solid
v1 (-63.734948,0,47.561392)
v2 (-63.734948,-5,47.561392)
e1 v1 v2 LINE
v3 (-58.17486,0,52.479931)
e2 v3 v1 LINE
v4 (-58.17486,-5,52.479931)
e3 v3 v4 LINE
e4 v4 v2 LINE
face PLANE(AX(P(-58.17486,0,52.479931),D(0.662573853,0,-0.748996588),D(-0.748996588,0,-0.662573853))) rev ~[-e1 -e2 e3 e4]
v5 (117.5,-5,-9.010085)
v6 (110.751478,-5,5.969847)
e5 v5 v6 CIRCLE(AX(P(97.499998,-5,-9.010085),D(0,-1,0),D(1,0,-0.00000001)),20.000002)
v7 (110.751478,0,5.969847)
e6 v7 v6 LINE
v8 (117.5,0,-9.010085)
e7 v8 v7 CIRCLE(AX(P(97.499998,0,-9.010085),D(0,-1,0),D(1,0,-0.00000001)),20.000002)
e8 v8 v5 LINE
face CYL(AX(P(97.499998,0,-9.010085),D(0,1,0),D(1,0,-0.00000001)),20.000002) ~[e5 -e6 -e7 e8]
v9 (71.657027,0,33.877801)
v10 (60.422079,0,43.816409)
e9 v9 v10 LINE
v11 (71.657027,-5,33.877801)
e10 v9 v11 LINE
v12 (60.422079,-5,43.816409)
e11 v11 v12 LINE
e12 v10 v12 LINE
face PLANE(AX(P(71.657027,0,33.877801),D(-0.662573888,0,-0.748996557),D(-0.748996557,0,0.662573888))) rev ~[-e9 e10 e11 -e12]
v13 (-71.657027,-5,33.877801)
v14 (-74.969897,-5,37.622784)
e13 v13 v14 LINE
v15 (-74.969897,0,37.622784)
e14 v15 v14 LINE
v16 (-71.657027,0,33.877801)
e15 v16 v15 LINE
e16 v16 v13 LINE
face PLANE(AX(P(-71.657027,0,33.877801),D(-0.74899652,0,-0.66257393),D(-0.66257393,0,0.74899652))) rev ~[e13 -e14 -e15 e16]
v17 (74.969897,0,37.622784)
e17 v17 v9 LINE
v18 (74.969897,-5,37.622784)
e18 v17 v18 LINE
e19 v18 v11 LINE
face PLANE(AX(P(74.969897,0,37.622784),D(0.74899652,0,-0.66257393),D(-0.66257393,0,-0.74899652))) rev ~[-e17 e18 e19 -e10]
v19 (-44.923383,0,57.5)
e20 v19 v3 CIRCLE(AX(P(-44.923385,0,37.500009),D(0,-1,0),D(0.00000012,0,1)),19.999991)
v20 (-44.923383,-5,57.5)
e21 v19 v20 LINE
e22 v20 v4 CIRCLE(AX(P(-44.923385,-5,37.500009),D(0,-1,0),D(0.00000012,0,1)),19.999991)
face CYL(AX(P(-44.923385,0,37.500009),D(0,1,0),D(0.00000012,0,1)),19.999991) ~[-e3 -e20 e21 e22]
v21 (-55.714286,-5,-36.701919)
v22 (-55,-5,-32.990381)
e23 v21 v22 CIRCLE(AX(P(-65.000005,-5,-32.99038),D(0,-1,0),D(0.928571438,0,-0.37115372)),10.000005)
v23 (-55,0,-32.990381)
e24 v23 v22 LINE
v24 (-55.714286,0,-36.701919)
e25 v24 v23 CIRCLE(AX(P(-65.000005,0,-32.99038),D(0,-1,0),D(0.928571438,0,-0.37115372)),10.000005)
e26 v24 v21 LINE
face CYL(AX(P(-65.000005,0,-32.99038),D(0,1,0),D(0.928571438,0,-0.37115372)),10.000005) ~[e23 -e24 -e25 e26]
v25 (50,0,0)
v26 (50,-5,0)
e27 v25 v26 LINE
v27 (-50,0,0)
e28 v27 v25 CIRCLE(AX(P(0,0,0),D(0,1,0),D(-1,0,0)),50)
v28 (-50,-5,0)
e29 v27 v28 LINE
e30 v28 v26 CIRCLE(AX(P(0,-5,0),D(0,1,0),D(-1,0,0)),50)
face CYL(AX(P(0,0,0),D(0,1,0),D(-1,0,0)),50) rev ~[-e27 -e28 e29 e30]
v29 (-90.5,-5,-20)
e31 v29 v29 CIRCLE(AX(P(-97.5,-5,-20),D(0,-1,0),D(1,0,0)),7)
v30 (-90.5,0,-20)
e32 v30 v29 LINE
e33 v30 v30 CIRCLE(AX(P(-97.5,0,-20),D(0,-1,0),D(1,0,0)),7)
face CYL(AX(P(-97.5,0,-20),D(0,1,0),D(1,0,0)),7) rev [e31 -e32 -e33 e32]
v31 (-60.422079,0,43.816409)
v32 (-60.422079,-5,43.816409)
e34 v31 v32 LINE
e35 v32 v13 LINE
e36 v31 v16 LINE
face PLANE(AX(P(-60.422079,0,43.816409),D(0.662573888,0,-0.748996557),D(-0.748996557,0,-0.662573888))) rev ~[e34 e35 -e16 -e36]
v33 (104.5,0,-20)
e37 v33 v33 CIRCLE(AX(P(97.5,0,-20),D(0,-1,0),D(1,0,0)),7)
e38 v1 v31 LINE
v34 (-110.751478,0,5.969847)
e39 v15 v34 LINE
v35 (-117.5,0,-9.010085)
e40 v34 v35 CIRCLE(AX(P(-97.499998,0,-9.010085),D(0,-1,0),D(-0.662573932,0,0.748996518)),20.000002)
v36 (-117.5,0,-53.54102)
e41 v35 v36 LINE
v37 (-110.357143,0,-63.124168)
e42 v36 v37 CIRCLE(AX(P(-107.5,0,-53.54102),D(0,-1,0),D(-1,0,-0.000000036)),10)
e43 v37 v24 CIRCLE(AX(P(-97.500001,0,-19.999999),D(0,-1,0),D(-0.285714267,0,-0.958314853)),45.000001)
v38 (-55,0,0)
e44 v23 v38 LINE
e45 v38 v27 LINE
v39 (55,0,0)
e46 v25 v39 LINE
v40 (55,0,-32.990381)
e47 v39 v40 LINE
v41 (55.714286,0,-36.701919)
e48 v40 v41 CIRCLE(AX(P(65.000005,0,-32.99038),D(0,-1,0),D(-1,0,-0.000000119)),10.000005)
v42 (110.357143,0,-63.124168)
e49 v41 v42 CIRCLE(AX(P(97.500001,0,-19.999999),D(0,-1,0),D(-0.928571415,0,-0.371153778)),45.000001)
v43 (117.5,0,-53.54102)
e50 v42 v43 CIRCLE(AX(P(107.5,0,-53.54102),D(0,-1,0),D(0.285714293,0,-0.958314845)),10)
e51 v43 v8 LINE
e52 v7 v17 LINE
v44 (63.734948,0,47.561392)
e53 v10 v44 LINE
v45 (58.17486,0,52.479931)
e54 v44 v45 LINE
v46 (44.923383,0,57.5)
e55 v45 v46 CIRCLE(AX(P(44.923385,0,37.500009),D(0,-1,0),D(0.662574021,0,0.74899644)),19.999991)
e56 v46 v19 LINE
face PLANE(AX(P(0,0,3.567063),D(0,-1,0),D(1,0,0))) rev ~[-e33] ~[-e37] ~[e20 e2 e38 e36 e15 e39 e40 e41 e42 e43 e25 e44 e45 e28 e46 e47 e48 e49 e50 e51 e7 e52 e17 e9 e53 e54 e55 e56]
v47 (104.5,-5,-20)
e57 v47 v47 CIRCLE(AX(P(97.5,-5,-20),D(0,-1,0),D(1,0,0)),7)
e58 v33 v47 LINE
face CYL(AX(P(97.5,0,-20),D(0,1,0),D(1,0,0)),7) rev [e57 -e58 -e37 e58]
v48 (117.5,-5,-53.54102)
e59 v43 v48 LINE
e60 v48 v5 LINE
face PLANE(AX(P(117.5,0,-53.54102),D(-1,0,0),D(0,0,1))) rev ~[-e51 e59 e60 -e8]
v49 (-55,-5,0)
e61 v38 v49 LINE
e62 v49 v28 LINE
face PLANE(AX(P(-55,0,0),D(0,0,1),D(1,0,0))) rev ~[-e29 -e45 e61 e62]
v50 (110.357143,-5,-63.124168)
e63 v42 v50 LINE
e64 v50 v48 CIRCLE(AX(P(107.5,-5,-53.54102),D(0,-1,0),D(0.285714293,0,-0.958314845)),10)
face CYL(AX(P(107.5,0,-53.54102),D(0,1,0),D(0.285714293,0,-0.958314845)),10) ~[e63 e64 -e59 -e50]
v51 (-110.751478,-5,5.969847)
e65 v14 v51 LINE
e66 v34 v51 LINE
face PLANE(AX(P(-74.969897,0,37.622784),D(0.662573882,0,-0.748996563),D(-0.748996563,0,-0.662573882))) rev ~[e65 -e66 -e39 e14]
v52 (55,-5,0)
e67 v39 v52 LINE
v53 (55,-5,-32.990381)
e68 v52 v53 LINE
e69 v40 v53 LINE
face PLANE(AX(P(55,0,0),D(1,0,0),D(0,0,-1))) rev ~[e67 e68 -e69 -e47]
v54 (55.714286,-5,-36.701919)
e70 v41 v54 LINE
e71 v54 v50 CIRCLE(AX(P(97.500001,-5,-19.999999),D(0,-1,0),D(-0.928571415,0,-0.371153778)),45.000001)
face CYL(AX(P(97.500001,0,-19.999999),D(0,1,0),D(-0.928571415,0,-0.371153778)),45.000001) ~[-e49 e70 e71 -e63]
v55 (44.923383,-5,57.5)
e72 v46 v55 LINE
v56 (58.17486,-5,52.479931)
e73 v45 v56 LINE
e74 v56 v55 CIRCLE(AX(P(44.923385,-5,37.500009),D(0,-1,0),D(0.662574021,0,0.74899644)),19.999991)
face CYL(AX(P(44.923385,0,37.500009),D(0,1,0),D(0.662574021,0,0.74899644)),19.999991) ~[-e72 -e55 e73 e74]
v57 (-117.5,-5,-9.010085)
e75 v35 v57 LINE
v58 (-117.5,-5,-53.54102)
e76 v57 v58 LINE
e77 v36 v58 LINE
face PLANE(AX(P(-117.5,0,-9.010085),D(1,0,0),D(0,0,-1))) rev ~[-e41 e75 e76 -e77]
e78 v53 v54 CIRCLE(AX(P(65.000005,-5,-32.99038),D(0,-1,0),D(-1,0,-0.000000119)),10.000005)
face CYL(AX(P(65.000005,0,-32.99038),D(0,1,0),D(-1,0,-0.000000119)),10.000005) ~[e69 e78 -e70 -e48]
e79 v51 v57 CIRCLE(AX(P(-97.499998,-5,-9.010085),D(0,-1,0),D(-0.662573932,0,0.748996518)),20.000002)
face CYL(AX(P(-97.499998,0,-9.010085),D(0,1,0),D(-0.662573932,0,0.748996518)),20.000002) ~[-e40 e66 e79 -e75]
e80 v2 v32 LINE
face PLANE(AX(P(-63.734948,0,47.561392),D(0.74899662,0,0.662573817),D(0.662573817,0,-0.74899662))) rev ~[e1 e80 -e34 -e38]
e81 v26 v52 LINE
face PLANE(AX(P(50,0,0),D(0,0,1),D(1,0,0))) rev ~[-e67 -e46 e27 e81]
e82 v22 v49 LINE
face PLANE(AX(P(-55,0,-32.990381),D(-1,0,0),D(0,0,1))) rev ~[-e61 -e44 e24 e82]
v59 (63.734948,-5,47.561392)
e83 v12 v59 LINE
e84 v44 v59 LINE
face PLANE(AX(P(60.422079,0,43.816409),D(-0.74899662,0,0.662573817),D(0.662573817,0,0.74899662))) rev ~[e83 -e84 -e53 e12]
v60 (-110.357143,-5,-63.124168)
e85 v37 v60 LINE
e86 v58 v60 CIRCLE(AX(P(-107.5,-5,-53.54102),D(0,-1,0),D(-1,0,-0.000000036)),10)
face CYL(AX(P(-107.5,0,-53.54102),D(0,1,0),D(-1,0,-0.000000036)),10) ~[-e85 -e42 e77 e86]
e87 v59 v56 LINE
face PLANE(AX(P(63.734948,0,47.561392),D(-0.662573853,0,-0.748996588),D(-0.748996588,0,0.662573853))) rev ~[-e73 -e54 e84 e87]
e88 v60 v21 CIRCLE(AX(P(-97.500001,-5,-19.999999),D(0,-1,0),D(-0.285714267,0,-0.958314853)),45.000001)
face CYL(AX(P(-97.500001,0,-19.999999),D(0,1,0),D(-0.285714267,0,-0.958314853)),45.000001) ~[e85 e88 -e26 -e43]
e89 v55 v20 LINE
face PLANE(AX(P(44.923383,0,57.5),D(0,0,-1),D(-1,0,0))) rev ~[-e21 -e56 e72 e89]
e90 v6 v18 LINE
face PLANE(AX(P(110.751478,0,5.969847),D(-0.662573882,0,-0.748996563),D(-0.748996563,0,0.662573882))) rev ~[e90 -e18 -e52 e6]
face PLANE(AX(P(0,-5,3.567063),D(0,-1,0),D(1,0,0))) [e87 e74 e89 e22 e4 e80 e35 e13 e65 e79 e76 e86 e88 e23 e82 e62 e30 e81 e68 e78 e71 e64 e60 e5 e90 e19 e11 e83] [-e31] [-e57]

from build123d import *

# Parameters (mm, degrees)
F0_R     = 7
F1_DEPTH = 5


with BuildPart() as f1:
    # F0 (on Front) → F1 (new body)
    with BuildSketch(Plane.XZ):
        with BuildLine():
            ThreePointArc((-50, 0), (0, 50), (50, 0))
            Line((50, 0), (55, 0))
            Line((55, 0), (55, -32.990381))
            ThreePointArc((55, -32.990381), (55.180195, -34.880203), (55.714286, -36.701919))
            ThreePointArc((55.714286, -36.701919), (77.910478, -60.512351), (110.357143, -63.124168))
            ThreePointArc((110.357143, -63.124168), (115.517837, -59.517163), (117.5, -53.54102))
            Line((117.5, -53.54102), (117.5, -9.010085))
            ThreePointArc((117.5, -9.010085), (115.734988, -0.795146), (110.751478, 5.969847))
            Line((110.751478, 5.969847), (74.969897, 37.622784))
            Line((74.969897, 37.622784), (71.657027, 33.877801))
            Line((71.657027, 33.877801), (60.422079, 43.816409))
            Line((60.422079, 43.816409), (63.734948, 47.561392))
            Line((63.734948, 47.561392), (58.17486, 52.479931))
            ThreePointArc((58.17486, 52.479931), (52.008627, 56.202923), (44.923383, 57.5))
            Line((44.923383, 57.5), (42.5, 57.5))
            Line((42.5, 57.5), (-42.5, 57.5))
            Line((-42.5, 57.5), (-44.923383, 57.5))
            ThreePointArc((-44.923383, 57.5), (-52.008627, 56.202923), (-58.17486, 52.479931))
            Line((-58.17486, 52.479931), (-63.734948, 47.561392))
            Line((-63.734948, 47.561392), (-60.422079, 43.816409))
            Line((-60.422079, 43.816409), (-71.657027, 33.877801))
            Line((-71.657027, 33.877801), (-74.969897, 37.622784))
            Line((-74.969897, 37.622784), (-110.751478, 5.969847))
            ThreePointArc((-110.751478, 5.969847), (-115.734988, -0.795146), (-117.5, -9.010085))
            Line((-117.5, -9.010085), (-117.5, -53.54102))
            ThreePointArc((-117.5, -53.54102), (-115.517837, -59.517163), (-110.357143, -63.124168))
            ThreePointArc((-110.357143, -63.124168), (-77.910478, -60.512351), (-55.714286, -36.701919))
            ThreePointArc((-55.714286, -36.701919), (-55.180195, -34.880203), (-55, -32.990381))
            Line((-55, -32.990381), (-55, 0))
            Line((-55, 0), (-50, 0))
        make_face()
        with Locations((-97.5, -20)):
            Circle(F0_R, mode=Mode.SUBTRACT)
        with Locations((97.5, -20)):
            Circle(F0_R, mode=Mode.SUBTRACT)
    extrude(amount=F1_DEPTH)


solid = f1.part
